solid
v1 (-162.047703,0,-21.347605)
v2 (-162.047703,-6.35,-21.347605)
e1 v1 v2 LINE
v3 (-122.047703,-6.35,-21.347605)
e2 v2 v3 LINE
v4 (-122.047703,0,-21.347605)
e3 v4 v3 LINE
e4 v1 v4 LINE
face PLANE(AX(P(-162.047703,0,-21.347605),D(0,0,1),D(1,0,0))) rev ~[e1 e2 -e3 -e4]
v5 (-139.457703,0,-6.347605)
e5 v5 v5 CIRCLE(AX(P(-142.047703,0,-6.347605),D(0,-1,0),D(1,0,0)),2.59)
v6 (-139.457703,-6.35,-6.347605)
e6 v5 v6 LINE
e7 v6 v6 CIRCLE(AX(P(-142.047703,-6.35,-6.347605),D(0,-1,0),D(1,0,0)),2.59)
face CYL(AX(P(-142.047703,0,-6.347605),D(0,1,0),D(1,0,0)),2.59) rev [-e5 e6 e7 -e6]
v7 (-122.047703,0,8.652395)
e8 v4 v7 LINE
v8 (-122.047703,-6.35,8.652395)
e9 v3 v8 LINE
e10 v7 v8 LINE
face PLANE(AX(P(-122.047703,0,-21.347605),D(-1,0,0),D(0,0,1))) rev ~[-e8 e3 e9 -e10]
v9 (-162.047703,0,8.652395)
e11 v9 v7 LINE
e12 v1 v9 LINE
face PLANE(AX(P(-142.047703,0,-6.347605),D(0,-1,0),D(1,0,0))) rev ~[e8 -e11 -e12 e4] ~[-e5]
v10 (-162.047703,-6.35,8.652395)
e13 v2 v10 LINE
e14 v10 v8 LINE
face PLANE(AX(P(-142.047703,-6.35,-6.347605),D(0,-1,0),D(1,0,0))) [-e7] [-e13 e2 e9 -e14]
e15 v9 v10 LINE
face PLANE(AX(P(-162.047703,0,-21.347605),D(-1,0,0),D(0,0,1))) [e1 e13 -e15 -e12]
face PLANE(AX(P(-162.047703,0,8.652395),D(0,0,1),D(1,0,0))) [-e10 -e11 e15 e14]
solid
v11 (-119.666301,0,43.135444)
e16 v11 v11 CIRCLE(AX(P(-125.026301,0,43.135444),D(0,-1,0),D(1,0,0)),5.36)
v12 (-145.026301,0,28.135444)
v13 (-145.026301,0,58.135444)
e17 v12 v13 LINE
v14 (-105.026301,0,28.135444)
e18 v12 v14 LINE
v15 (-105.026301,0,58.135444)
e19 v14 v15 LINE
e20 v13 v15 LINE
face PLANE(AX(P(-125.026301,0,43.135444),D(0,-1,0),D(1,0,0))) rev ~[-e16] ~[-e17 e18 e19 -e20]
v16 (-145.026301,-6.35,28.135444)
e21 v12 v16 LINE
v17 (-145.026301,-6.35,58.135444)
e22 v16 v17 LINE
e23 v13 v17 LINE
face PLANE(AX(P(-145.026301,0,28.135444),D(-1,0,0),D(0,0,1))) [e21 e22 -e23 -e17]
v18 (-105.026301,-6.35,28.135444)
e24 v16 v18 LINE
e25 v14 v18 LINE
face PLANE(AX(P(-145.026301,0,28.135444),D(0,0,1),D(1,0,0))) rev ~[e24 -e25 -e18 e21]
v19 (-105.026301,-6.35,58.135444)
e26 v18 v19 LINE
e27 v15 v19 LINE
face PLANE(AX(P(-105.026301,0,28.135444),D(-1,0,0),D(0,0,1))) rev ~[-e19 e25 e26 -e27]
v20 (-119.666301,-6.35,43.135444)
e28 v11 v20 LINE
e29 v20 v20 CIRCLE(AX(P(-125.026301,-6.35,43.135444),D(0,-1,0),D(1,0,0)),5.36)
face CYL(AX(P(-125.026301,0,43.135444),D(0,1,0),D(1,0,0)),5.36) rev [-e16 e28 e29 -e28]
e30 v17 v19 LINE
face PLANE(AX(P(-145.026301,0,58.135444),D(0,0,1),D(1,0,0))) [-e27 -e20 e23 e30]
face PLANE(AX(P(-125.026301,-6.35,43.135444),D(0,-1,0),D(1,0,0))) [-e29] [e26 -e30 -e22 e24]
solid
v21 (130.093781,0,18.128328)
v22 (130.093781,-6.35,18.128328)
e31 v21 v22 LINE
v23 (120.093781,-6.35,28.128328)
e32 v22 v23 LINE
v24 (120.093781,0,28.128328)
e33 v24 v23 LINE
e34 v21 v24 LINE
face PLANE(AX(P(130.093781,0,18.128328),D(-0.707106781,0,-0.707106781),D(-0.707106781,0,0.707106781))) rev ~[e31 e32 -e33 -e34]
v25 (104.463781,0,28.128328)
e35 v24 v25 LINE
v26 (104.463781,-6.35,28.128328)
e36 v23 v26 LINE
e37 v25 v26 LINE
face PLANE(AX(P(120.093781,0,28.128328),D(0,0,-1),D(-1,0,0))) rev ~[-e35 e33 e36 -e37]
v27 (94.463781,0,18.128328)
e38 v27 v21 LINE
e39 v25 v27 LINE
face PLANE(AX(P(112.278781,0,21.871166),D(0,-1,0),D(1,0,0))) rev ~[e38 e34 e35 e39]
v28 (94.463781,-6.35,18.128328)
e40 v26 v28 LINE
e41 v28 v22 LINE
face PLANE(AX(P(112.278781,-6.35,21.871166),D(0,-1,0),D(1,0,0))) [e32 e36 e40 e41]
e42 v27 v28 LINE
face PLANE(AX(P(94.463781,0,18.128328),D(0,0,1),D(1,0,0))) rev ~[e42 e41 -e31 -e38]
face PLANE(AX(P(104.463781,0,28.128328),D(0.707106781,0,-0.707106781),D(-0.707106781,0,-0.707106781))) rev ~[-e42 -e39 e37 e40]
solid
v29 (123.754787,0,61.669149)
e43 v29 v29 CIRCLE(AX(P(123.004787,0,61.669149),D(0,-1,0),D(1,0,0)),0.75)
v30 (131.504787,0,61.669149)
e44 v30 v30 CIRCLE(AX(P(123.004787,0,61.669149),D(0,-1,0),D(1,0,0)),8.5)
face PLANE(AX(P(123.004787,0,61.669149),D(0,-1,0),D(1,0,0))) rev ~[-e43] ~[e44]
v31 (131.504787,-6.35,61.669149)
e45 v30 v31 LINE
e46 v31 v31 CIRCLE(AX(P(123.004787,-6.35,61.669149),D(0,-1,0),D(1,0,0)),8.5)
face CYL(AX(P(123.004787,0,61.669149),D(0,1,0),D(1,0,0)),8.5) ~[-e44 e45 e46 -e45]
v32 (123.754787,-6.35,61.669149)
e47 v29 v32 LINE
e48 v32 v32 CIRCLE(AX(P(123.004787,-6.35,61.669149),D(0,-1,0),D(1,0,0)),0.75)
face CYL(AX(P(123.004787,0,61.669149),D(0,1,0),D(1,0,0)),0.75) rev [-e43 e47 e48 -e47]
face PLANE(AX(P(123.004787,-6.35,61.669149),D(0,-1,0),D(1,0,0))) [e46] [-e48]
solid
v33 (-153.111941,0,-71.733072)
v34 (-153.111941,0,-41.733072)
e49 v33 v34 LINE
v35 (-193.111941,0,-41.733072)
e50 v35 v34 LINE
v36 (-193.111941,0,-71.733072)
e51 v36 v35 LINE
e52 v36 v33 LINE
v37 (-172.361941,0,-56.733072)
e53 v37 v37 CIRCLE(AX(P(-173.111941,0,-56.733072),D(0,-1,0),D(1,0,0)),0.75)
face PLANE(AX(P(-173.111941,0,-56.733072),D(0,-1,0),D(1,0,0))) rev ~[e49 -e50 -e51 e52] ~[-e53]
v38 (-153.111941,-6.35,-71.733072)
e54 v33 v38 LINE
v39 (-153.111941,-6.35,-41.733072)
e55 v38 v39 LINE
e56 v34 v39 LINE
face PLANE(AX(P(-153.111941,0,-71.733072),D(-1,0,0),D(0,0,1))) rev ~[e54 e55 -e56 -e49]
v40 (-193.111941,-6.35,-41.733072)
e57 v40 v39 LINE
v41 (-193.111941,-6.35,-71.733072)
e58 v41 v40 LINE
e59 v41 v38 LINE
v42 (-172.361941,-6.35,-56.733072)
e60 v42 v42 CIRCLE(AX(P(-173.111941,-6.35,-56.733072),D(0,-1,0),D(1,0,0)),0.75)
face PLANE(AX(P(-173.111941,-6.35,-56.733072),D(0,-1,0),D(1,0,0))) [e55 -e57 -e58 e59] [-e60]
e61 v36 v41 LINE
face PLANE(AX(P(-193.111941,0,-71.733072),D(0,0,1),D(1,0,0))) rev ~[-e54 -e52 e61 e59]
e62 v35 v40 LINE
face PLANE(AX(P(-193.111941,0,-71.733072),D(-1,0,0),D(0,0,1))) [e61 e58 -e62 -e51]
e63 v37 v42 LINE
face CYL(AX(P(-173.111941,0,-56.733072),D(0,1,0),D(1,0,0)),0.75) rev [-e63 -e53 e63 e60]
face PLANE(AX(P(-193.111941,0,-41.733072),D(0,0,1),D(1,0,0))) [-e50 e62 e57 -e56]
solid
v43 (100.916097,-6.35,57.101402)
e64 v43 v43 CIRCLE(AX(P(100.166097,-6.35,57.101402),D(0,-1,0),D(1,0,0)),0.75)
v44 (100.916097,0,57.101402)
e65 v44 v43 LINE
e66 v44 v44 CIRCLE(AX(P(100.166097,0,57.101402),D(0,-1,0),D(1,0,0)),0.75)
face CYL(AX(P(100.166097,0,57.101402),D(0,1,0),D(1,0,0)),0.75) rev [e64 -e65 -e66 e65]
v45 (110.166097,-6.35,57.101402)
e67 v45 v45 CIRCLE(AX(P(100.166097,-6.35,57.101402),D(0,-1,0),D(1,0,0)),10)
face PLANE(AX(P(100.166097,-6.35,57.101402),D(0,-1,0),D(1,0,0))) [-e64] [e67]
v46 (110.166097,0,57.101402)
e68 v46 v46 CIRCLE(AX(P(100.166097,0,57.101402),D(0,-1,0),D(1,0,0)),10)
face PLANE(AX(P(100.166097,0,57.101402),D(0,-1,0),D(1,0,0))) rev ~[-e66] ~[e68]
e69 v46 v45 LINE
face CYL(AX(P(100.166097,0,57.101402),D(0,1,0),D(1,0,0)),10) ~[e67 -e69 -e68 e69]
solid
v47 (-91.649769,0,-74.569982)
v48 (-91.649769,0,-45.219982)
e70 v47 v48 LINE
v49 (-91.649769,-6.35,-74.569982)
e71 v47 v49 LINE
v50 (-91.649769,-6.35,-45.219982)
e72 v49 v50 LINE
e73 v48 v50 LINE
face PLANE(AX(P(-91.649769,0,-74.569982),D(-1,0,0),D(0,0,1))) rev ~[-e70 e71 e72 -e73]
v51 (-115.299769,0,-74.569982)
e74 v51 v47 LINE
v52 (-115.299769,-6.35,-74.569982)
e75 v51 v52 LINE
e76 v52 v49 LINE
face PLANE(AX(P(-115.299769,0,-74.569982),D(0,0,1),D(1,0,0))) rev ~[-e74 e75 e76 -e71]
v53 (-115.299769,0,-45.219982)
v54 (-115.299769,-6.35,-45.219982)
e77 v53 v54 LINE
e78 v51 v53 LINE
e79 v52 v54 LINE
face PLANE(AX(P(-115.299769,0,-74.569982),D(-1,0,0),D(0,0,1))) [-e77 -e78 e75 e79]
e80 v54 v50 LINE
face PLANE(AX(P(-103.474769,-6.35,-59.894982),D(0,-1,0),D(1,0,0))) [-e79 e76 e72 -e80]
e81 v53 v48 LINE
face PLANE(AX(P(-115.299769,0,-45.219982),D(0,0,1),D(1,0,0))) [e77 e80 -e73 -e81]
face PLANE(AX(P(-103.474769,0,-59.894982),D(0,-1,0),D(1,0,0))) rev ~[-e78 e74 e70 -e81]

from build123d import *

# Parameters (mm, degrees)
F0_W     = 23.65
F0_H     = 29.35
F0_R     = 8.5
F0_R_2   = 0.75
F0_W_2   = 40
F0_H_2   = 30
F0_R_3   = 5.36
F0_R_4   = 2.59
F0_R_5   = 10
F1_DEPTH = 6.35


with BuildPart() as f1:
    # F0 (on Front) → F1 (new body)
    with BuildSketch(Plane.XZ):
        with Locations((-103.474769, -59.894982)):
            Rectangle(F0_W, F0_H)
        with Locations((123.004787, 61.669149)):
            Circle(F0_R)
        with Locations((123.004787, 61.669149)):
            Circle(F0_R_2, mode=Mode.SUBTRACT)
        with Locations((-125.026301, 43.135444)):
            Rectangle(F0_W_2, F0_H_2)
        with Locations((-125.026301, 43.135444)):
            Circle(F0_R_3, mode=Mode.SUBTRACT)
        with Locations((-142.047703, -6.347605)):
            Rectangle(F0_W_2, F0_H_2)
        with Locations((-142.047703, -6.347605)):
            Circle(F0_R_4, mode=Mode.SUBTRACT)
        with Locations((-173.111941, -56.733072)):
            Rectangle(F0_W_2, F0_H_2)
        with Locations((-173.111941, -56.733072)):
            Circle(F0_R_2, mode=Mode.SUBTRACT)
        with Locations((100.166097, 57.101402)):
            Circle(F0_R_5)
        with Locations((100.166097, 57.101402)):
            Circle(F0_R_2, mode=Mode.SUBTRACT)
        Polygon((94.463781, 18.128328), (130.093781, 18.128328), (120.093781, 28.128328), (104.463781, 28.128328), align=None)
    extrude(amount=F1_DEPTH)


solid = f1.part
